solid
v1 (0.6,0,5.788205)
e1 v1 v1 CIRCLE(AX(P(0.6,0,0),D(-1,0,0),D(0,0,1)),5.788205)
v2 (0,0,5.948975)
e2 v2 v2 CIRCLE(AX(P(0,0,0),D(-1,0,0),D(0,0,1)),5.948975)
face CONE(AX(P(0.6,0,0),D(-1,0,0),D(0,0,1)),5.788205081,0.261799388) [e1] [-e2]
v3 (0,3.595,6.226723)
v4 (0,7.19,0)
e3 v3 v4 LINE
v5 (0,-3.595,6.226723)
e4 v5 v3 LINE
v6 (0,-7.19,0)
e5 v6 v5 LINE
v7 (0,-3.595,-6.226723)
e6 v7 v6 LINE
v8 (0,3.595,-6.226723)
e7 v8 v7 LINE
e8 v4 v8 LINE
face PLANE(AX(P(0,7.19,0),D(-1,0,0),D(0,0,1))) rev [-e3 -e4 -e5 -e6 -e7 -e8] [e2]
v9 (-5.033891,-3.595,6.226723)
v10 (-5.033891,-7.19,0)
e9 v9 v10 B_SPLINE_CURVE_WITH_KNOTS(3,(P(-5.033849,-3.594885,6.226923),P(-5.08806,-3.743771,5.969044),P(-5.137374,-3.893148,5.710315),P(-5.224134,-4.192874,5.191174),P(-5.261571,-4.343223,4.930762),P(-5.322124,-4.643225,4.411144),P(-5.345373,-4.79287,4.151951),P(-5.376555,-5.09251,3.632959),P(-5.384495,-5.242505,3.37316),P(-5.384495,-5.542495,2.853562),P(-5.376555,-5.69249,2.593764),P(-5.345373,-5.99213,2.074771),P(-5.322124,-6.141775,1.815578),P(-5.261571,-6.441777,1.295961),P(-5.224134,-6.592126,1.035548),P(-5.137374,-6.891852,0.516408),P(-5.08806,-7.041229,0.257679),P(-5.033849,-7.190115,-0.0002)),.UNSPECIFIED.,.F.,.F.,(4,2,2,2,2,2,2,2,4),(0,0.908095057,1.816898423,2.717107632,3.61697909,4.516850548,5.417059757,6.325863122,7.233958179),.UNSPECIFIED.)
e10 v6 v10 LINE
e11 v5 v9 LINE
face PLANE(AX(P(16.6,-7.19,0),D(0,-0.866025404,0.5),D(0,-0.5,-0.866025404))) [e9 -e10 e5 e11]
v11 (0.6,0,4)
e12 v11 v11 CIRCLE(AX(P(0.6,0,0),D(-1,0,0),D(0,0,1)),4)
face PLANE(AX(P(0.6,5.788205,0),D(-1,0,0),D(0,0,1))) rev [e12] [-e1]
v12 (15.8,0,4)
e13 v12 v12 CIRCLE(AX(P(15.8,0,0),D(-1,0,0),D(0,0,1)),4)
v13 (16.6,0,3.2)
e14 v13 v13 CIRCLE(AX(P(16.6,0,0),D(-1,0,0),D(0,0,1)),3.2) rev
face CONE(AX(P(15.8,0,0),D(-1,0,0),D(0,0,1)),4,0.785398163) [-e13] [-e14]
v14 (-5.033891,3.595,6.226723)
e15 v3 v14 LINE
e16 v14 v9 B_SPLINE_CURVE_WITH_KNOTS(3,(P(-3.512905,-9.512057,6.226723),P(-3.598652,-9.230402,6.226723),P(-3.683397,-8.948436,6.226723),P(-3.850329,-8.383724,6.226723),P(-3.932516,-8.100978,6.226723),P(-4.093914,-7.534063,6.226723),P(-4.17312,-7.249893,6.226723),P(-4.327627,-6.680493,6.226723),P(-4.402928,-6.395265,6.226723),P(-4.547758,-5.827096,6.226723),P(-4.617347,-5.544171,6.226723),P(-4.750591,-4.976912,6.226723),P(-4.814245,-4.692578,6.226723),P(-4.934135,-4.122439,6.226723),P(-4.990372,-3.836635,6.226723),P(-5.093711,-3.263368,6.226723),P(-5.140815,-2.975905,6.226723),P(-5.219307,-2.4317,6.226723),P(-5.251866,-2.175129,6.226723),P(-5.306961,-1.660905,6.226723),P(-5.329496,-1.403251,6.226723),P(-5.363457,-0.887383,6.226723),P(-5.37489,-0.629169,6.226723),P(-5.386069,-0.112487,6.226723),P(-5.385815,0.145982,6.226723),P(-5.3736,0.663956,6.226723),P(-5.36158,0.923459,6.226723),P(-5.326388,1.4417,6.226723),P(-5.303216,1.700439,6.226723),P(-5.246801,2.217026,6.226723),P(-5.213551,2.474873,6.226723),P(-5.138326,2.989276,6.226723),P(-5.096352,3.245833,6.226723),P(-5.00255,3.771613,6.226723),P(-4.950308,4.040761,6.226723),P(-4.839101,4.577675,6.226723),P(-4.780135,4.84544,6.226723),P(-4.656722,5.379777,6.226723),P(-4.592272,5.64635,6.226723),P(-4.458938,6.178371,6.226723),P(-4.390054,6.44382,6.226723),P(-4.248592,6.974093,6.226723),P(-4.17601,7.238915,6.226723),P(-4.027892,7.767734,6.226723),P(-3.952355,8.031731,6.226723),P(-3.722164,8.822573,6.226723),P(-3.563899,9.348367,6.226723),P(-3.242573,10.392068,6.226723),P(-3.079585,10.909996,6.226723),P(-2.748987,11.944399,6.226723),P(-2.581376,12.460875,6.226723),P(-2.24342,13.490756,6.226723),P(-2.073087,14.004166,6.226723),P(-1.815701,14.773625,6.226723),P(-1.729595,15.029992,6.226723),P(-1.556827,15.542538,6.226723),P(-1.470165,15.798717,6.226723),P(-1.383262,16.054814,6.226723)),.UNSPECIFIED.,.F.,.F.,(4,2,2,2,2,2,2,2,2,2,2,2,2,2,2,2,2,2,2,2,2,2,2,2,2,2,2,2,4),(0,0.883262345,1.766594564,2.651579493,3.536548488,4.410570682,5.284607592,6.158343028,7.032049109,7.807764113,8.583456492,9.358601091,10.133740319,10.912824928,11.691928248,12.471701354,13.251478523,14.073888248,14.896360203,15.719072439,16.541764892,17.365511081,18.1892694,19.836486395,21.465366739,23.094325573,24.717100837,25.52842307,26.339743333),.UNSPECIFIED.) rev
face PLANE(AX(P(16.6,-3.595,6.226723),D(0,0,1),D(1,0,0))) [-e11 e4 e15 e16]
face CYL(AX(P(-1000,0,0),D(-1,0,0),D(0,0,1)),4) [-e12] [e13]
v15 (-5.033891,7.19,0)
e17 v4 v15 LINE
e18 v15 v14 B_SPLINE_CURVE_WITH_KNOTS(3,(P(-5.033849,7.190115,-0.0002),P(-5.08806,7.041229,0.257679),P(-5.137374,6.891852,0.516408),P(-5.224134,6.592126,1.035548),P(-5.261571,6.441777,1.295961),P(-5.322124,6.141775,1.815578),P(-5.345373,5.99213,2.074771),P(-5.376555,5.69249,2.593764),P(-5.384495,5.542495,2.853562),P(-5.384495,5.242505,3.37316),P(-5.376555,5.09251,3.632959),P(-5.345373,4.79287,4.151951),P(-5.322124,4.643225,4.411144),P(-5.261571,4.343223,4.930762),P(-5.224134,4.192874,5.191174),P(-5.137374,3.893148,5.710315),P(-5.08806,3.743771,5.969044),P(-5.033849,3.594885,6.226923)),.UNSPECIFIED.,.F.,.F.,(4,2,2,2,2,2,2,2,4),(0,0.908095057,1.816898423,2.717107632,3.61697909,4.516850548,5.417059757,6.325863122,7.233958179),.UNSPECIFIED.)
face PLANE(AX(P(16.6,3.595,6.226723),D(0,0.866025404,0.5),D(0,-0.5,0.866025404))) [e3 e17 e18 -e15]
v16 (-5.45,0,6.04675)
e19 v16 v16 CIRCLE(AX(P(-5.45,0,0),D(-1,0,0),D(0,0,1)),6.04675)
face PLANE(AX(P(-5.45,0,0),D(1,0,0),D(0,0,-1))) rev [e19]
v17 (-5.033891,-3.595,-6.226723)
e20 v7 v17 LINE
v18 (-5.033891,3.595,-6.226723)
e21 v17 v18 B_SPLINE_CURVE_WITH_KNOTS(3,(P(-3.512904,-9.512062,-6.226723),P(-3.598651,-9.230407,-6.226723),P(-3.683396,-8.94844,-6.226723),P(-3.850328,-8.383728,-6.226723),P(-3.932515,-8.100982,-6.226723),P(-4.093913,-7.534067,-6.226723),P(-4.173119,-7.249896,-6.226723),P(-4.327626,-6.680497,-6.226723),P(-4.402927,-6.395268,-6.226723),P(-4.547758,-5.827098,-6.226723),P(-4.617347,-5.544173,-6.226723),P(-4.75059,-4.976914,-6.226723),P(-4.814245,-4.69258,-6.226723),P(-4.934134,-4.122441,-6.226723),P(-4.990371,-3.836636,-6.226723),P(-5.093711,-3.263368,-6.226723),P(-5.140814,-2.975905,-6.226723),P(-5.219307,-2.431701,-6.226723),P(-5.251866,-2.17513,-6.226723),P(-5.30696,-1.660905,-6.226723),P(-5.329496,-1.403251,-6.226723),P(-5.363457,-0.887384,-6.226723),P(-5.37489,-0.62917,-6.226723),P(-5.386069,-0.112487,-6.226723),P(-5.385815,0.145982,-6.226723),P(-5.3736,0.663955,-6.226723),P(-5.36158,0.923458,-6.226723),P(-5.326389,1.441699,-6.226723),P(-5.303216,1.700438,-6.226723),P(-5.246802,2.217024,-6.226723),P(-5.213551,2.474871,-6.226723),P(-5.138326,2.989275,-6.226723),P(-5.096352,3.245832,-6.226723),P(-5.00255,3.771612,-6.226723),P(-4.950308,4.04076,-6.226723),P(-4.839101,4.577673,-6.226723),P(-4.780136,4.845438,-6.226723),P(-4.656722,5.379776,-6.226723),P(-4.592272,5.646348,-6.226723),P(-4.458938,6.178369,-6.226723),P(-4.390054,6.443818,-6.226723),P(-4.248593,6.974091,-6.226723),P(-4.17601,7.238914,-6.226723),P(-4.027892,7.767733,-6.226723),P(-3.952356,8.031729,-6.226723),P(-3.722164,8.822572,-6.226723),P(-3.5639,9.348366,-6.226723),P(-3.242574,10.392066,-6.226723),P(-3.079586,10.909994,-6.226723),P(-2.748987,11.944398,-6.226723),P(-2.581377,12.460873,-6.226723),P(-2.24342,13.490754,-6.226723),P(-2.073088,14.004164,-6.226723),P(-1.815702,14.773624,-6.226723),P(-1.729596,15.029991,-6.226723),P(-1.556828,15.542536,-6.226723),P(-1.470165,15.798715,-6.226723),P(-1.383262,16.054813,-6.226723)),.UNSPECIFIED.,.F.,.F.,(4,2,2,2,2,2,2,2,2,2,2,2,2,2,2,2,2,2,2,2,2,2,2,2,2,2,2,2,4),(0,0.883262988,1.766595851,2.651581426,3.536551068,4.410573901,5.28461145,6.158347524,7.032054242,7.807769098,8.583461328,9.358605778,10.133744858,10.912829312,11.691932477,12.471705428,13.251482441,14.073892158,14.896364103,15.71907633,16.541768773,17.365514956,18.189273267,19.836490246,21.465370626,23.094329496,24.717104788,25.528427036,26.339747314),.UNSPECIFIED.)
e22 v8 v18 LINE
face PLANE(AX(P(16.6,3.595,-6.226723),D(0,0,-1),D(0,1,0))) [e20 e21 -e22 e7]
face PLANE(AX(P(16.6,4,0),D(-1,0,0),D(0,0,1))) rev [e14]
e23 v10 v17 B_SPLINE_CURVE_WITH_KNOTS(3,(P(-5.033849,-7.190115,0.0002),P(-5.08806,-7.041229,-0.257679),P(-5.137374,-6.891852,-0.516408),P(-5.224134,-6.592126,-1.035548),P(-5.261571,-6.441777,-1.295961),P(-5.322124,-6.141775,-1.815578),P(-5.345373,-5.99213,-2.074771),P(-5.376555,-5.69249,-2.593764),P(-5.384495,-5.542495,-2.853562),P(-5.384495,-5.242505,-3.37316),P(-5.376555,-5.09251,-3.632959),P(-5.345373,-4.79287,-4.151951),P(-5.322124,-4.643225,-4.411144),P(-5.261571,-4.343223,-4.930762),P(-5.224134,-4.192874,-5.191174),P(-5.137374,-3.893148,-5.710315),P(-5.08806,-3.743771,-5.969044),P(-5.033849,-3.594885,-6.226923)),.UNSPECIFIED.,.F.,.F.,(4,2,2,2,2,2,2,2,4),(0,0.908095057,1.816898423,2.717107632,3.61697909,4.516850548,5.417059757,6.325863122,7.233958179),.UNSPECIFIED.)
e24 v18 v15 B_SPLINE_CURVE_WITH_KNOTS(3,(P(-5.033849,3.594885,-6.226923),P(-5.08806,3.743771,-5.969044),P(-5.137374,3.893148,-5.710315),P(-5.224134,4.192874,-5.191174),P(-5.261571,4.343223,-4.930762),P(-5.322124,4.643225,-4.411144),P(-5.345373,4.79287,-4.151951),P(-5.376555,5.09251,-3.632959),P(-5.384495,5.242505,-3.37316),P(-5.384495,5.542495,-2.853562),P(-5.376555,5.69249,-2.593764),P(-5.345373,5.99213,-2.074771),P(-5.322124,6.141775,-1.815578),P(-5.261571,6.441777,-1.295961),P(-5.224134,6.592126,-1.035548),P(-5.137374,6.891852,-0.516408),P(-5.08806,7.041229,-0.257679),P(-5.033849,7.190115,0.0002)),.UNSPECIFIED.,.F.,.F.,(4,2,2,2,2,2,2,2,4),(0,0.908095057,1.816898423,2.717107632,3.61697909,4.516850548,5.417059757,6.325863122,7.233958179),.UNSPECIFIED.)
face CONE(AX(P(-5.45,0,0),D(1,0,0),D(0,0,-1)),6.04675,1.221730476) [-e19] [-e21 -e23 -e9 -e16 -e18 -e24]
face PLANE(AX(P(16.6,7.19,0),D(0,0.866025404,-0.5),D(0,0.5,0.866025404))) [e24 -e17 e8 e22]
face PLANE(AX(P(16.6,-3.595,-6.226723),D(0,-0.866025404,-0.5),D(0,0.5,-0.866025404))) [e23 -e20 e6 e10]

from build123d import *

# Parameters (mm, degrees)
SKETCH_2_OUTSIDE_W  = 22.38
SKETCH_2_OUTSIDE_H  = 22.38
CUT_EXTRUDE_1_DEPTH = 25.281571201
CHAMFER_1_SIZE      = 0.8


with BuildPart() as part:
    # Эскиз1 → Повернуть1 (revolve)
    with BuildSketch(Plane.XY, mode=Mode.PRIVATE) as revolve_1_sk:
        Polygon((-5.45, 0), (-5.45, 7.19), (0, 7.19), (0, 5.948974596), (0.6, 5.788205081), (0.6, 4), (16.6, 4), (16.6, 0), align=None)
    revolve(revolve_1_sk.sketch.rotate(Axis((-1000, 0, 0), (1, 0, 0)), 90), axis=Axis((-1000, 0, 0), (1, 0, 0)))

    # Эскиз2 outside → Вырез-Вытянуть1 (cut, through all)
    with BuildSketch(Plane.ZY.offset(5.45)):
        Rectangle(SKETCH_2_OUTSIDE_W, SKETCH_2_OUTSIDE_H)
        Polygon((0, -7.19), (6.226722653, -3.595), (6.226722653, 3.595), (0, 7.19), (-6.226722653, 3.595), (-6.226722653, -3.595), align=None, mode=Mode.SUBTRACT)
    extrude(amount=-CUT_EXTRUDE_1_DEPTH, mode=Mode.SUBTRACT)

    # Эскиз4 → Вырез-Повернуть1 (revolve, cut)
    with BuildSketch(Plane.XY, mode=Mode.PRIVATE) as cut_revolve_1_sk:
        Polygon((-5.45, 6.04675), (-5.03389103, 7.19), (-5.45, 7.19), align=None)
    revolve(cut_revolve_1_sk.sketch.rotate(Axis((-1000, 0, 0), (1, 0, 0)), 299.999999983), axis=Axis((-1000, 0, 0), (1, 0, 0)), mode=Mode.SUBTRACT)

    # Фаска1
    chamfer_1_edges = [part.edges().sort_by_distance(p)[0] for p in [
        (16.6, 0, -4),
    ]]
    chamfer(chamfer_1_edges, length=CHAMFER_1_SIZE)


solid = part.part
